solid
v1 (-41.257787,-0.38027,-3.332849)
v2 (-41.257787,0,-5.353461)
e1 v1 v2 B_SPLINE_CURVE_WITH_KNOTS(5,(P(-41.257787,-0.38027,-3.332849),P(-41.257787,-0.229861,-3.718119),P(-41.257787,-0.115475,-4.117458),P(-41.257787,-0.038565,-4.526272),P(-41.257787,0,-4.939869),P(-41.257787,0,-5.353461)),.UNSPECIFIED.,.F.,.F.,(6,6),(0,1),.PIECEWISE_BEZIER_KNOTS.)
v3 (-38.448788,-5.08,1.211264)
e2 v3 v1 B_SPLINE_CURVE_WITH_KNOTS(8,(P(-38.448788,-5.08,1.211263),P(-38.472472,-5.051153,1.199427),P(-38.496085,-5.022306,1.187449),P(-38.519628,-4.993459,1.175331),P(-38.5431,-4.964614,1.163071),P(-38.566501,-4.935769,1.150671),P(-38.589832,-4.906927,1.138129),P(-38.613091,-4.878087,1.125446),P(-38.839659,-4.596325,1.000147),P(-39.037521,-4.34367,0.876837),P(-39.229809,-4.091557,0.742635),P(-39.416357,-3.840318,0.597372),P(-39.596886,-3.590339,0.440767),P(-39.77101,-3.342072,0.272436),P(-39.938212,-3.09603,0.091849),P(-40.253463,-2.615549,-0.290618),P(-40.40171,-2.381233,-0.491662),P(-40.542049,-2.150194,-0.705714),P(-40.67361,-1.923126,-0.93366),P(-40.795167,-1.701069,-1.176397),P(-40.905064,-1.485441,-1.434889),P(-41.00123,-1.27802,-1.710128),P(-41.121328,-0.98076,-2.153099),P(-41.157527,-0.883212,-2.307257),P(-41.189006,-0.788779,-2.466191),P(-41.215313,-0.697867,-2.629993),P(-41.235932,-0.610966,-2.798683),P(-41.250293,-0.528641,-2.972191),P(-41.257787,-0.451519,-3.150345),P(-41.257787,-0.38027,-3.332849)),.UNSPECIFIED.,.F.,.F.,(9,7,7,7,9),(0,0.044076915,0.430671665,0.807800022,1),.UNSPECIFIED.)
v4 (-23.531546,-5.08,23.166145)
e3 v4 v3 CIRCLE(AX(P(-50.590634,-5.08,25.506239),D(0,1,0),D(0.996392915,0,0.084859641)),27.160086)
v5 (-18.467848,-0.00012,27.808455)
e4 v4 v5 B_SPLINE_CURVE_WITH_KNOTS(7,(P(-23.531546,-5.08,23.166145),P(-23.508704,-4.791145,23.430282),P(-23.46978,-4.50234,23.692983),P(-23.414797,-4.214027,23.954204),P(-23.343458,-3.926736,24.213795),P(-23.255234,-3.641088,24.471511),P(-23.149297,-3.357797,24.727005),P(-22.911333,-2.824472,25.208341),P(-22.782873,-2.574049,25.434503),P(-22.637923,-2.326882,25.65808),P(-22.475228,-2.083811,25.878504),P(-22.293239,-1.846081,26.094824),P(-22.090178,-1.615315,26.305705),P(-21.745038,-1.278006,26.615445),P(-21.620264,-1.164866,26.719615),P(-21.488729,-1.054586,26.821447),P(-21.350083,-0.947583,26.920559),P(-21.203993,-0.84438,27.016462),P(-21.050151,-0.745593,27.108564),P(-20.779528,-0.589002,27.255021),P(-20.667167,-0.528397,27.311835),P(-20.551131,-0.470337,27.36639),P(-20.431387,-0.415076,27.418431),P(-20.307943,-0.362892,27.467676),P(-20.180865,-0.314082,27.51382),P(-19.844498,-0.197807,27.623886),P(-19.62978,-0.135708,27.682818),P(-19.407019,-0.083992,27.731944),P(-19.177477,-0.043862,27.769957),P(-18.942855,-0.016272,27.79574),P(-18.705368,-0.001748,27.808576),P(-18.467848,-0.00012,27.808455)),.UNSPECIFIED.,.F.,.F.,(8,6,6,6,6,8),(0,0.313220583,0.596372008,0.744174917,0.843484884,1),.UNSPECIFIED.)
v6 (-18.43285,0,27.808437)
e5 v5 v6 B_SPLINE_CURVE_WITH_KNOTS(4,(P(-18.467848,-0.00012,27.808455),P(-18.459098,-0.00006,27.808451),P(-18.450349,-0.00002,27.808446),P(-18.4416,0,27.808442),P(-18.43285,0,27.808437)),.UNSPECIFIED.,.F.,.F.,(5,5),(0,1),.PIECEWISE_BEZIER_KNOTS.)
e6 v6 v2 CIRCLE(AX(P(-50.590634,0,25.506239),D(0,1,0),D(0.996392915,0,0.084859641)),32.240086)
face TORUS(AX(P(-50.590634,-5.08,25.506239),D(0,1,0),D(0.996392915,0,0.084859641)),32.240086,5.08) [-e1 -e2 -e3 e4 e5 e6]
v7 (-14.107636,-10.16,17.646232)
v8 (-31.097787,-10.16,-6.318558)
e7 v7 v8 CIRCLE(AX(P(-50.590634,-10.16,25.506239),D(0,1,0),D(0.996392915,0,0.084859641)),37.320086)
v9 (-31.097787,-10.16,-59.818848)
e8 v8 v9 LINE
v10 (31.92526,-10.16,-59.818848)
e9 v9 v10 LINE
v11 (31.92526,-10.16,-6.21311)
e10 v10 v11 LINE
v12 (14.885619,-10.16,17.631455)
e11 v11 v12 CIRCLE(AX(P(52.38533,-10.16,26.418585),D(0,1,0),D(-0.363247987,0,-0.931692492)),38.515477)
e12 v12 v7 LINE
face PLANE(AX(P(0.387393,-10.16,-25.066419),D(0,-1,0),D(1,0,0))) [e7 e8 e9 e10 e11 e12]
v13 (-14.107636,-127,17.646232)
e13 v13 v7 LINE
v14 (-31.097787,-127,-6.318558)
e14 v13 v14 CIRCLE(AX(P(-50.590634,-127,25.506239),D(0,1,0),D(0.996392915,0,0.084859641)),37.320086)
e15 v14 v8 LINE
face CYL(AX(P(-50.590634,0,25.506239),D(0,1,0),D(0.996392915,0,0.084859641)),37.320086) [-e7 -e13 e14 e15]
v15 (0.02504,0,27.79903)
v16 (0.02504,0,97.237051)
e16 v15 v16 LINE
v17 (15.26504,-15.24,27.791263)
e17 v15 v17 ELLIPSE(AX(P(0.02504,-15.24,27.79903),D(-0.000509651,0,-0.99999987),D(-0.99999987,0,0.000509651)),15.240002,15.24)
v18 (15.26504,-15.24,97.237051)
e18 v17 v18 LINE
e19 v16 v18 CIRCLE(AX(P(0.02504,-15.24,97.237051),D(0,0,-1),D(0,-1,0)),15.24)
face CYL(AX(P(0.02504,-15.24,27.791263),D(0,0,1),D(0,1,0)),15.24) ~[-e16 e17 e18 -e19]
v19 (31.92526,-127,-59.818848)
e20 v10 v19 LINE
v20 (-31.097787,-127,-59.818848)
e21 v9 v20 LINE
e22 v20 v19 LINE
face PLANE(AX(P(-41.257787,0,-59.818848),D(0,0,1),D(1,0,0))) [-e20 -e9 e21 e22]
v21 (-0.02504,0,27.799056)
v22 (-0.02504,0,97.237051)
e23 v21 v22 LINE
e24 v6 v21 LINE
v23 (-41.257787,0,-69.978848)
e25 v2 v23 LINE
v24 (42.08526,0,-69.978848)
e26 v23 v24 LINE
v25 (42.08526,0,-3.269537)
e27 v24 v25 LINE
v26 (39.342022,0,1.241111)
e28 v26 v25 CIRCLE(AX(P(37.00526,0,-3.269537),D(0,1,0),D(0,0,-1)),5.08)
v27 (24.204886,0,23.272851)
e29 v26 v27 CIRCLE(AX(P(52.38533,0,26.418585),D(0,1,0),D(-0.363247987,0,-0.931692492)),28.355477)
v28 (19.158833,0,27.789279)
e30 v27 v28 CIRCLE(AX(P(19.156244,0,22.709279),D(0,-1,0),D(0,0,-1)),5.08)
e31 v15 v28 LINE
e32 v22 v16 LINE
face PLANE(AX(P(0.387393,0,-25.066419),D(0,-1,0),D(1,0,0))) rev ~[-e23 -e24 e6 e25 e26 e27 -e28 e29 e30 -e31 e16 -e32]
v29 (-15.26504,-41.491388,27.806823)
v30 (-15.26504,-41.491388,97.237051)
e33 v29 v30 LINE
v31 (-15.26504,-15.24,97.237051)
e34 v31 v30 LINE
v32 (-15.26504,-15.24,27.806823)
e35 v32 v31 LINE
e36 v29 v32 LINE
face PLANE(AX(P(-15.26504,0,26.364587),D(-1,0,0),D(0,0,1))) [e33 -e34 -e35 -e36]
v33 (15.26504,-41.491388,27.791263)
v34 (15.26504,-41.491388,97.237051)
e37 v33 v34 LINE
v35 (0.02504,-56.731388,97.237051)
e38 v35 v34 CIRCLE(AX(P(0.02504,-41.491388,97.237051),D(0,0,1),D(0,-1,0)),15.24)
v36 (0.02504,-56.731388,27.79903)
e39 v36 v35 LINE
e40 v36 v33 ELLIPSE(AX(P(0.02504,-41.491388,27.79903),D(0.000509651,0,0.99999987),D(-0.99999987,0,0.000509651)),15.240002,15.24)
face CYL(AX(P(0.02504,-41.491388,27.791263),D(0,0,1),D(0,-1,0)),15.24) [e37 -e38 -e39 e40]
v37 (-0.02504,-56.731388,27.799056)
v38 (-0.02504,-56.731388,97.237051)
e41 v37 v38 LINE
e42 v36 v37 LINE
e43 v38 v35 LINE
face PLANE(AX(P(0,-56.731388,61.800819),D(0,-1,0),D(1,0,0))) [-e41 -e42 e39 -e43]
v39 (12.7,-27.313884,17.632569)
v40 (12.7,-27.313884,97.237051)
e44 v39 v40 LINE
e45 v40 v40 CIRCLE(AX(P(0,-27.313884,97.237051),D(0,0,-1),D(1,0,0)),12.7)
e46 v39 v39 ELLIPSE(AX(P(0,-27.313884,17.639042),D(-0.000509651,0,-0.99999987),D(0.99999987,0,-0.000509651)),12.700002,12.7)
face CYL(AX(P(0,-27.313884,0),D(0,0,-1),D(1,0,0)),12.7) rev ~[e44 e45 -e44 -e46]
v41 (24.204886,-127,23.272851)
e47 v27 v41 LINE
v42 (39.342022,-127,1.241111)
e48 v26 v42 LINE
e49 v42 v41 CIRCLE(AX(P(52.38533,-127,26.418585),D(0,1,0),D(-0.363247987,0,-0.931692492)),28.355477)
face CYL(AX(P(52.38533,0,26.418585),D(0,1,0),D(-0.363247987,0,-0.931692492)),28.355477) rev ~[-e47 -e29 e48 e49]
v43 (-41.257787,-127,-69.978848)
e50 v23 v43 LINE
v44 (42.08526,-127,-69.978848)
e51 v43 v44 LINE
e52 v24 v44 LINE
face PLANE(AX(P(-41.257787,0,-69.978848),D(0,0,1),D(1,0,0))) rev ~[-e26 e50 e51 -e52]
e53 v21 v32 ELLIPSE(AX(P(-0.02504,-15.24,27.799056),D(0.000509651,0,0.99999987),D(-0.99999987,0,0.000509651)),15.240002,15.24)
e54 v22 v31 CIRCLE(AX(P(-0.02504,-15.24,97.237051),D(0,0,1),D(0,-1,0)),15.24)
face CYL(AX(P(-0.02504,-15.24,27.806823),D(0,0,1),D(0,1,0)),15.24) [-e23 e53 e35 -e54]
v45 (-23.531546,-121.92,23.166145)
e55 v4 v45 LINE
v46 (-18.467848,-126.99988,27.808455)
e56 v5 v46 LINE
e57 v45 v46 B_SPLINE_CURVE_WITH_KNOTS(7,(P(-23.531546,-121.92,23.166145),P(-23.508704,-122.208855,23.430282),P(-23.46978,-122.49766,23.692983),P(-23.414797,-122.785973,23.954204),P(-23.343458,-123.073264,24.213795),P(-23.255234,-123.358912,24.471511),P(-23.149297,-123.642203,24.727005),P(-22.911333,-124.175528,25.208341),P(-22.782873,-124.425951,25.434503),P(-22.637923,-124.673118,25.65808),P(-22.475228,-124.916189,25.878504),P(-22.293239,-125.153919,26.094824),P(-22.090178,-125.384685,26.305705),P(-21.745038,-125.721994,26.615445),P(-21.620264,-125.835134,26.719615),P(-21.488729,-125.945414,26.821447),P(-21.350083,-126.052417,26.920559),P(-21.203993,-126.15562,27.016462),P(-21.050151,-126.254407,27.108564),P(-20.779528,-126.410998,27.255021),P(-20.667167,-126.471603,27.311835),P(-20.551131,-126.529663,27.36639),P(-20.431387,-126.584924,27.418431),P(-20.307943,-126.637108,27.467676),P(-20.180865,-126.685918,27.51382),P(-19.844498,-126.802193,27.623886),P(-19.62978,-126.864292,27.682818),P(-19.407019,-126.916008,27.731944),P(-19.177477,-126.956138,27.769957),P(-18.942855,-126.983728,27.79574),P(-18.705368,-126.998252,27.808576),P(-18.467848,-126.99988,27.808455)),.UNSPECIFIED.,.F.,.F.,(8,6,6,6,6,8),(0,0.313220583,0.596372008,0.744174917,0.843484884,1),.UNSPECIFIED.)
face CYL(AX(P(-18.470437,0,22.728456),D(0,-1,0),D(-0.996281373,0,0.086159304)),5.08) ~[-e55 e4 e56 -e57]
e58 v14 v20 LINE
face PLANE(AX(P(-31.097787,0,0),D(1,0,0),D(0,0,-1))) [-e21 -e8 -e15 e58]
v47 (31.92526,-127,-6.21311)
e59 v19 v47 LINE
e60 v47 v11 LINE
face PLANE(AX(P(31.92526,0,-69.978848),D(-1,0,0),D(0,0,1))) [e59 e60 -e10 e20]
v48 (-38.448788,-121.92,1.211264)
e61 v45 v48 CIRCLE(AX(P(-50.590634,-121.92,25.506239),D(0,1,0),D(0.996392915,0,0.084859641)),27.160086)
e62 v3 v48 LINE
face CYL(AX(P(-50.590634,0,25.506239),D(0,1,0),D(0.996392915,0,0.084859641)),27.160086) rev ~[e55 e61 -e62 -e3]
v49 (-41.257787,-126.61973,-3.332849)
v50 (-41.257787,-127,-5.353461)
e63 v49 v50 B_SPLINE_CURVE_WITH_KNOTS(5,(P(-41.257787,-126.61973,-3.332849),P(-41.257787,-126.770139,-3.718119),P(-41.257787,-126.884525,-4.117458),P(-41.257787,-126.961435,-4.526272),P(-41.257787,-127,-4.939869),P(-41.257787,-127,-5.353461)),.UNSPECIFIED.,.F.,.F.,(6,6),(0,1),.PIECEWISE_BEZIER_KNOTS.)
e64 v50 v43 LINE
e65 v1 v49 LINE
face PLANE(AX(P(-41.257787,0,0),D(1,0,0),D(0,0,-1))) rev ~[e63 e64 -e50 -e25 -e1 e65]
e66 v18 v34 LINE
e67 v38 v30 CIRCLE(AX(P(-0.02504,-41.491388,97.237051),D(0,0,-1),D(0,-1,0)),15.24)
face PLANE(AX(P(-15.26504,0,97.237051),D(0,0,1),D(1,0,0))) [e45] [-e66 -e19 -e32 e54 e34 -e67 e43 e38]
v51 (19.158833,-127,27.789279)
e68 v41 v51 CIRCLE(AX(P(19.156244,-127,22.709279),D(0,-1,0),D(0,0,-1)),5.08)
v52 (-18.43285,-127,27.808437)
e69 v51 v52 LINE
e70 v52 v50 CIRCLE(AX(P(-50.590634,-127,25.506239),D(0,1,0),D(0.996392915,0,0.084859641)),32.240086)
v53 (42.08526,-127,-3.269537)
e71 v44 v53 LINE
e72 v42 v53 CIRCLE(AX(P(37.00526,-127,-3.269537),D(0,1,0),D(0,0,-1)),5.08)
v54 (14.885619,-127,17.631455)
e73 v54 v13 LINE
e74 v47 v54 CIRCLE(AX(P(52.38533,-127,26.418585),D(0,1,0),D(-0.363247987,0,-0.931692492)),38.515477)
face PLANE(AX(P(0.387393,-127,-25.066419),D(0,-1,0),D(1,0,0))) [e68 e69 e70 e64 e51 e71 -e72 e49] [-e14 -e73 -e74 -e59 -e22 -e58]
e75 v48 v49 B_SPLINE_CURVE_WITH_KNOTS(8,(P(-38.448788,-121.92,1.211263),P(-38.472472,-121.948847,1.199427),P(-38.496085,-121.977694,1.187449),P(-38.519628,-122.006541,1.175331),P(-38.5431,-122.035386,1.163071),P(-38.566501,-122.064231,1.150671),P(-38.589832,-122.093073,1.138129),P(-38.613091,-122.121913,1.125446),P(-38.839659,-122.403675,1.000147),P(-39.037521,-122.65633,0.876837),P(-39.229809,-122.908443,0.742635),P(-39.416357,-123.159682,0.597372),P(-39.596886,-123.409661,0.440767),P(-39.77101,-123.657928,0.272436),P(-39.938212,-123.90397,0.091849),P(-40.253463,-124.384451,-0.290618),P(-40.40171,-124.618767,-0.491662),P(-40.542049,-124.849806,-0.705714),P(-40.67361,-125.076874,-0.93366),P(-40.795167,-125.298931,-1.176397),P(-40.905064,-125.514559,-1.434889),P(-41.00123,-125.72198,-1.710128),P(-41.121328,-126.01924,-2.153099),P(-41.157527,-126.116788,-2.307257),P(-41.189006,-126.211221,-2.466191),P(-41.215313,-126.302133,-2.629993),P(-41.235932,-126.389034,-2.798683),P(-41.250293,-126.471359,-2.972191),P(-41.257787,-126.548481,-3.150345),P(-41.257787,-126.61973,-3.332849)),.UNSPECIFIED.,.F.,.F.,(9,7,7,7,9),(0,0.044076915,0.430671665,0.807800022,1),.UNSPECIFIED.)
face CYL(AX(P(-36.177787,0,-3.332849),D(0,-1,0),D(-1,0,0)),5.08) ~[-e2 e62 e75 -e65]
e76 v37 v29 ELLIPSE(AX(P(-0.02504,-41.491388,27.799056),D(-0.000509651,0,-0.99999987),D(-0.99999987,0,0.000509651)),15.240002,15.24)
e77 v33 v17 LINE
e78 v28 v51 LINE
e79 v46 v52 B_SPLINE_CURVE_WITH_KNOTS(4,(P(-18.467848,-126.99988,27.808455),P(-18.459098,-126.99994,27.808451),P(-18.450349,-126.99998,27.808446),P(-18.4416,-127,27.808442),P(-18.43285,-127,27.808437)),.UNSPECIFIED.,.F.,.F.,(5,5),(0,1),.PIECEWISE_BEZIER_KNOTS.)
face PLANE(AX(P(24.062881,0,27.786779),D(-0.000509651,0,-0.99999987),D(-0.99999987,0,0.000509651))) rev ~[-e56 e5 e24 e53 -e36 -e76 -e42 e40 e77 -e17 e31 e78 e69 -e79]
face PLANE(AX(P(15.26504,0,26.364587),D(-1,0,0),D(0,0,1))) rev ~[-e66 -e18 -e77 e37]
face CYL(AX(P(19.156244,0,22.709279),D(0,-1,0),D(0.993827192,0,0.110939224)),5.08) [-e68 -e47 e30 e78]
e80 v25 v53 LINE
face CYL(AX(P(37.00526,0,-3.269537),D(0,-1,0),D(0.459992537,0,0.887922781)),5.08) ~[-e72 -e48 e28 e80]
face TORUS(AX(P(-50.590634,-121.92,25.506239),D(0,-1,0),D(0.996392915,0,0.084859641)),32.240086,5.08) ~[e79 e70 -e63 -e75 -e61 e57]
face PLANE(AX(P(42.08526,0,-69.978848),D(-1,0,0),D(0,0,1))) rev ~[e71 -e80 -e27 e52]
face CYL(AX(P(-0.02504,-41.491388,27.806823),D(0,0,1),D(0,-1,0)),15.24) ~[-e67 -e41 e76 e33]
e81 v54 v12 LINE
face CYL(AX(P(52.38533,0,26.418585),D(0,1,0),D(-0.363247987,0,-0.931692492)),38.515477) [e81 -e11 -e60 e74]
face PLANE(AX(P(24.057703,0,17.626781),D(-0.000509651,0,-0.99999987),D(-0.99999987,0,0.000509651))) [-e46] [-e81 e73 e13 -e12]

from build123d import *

# Parameters (mm, degrees)
F1_DEPTH = 127
F2_T     = -10.16
F4_D     = 25.4
F4_DEPTH = 27.81203442
F5_W     = 30.5300801992
F5_H     = 70.8724632859
F6_DEPTH = 56.7313879728
F7_D     = 25.4
F7_DEPTH = 97.2380505333
F8_R     = 15.24
F9_R     = 5.08


with BuildPart() as f1:
    # F0 (on Front) → F1 (new body)
    with BuildSketch(Plane.XZ):
        with BuildLine():
            Line((-41.2577867825, 0), (-41.2577867825, -69.9788480997))
            Line((-41.2577867825, -69.9788480997), (42.0852601528, -69.9788480997))
            Line((42.0852601528, -69.9788480997), (42.0852601528, 0))
            ThreePointArc((42.0852601528, 0), (28.5956049165, 10.9886772048), (24.0628808213, 27.7867794006))
            Line((24.0628808213, 27.7867794006), (-23.52851646, 27.81103442))
            ThreePointArc((-23.52851646, 27.81103442), (-27.6884119308, 10.9062903381), (-41.2577867825, 0))
        make_face()
    extrude(amount=F1_DEPTH)

    # F2
    f2_openings = [f1.faces().sort_by_distance(p)[0] for p in [
        (0.418317, -127, -24.869702),
    ]]
    offset(amount=F2_T, openings=f2_openings)

    # F4 (through all, one way)
    with BuildSketch(Plane(origin=(0, 0, 0), x_dir=(1, 0, 0), z_dir=(0, 0, -1))):
        with Locations((0, 27.3138843477)):
            Circle(F4_D / 2)
    extrude(amount=-F4_DEPTH, mode=Mode.SUBTRACT)

    # F5 (on Front) → F6 (join)
    with BuildSketch(Plane.XZ):
        with Locations((0, 61.8008188903)):
            Rectangle(F5_W, F5_H)
    extrude(amount=F6_DEPTH)

    # F7 (through all, one way)
    with BuildSketch(Plane(origin=(0, 0, 0), x_dir=(1, 0, 0), z_dir=(0, 0, -1))):
        with Locations((0, 27.3138843477)):
            Circle(F7_D / 2)
    extrude(amount=-F7_DEPTH, mode=Mode.SUBTRACT)

    # F8
    f8_edges = [f1.edges().sort_by_distance(p)[0] for p in [
        (15.26504, 0, 62.514157),
        (-15.26504, 0, 62.521937),
        (15.26504, -56.731388, 62.514157),
        (-15.26504, -56.731388, 62.521937),
    ]]
    fillet(f8_edges, radius=F8_R)

    # F9
    f9_edges = [f1.edges().sort_by_distance(p)[0] for p in [
        (42.08526, -63.5, 0),
        (24.062881, -63.5, 27.786779),
        (-23.528516, -63.5, 27.811034),
        (-41.257787, -63.5, 0),
        (-27.688412, 0, 10.90629),
        (-27.688412, -127, 10.90629),
    ]]
    fillet(f9_edges, radius=F9_R)


solid = f1.part
